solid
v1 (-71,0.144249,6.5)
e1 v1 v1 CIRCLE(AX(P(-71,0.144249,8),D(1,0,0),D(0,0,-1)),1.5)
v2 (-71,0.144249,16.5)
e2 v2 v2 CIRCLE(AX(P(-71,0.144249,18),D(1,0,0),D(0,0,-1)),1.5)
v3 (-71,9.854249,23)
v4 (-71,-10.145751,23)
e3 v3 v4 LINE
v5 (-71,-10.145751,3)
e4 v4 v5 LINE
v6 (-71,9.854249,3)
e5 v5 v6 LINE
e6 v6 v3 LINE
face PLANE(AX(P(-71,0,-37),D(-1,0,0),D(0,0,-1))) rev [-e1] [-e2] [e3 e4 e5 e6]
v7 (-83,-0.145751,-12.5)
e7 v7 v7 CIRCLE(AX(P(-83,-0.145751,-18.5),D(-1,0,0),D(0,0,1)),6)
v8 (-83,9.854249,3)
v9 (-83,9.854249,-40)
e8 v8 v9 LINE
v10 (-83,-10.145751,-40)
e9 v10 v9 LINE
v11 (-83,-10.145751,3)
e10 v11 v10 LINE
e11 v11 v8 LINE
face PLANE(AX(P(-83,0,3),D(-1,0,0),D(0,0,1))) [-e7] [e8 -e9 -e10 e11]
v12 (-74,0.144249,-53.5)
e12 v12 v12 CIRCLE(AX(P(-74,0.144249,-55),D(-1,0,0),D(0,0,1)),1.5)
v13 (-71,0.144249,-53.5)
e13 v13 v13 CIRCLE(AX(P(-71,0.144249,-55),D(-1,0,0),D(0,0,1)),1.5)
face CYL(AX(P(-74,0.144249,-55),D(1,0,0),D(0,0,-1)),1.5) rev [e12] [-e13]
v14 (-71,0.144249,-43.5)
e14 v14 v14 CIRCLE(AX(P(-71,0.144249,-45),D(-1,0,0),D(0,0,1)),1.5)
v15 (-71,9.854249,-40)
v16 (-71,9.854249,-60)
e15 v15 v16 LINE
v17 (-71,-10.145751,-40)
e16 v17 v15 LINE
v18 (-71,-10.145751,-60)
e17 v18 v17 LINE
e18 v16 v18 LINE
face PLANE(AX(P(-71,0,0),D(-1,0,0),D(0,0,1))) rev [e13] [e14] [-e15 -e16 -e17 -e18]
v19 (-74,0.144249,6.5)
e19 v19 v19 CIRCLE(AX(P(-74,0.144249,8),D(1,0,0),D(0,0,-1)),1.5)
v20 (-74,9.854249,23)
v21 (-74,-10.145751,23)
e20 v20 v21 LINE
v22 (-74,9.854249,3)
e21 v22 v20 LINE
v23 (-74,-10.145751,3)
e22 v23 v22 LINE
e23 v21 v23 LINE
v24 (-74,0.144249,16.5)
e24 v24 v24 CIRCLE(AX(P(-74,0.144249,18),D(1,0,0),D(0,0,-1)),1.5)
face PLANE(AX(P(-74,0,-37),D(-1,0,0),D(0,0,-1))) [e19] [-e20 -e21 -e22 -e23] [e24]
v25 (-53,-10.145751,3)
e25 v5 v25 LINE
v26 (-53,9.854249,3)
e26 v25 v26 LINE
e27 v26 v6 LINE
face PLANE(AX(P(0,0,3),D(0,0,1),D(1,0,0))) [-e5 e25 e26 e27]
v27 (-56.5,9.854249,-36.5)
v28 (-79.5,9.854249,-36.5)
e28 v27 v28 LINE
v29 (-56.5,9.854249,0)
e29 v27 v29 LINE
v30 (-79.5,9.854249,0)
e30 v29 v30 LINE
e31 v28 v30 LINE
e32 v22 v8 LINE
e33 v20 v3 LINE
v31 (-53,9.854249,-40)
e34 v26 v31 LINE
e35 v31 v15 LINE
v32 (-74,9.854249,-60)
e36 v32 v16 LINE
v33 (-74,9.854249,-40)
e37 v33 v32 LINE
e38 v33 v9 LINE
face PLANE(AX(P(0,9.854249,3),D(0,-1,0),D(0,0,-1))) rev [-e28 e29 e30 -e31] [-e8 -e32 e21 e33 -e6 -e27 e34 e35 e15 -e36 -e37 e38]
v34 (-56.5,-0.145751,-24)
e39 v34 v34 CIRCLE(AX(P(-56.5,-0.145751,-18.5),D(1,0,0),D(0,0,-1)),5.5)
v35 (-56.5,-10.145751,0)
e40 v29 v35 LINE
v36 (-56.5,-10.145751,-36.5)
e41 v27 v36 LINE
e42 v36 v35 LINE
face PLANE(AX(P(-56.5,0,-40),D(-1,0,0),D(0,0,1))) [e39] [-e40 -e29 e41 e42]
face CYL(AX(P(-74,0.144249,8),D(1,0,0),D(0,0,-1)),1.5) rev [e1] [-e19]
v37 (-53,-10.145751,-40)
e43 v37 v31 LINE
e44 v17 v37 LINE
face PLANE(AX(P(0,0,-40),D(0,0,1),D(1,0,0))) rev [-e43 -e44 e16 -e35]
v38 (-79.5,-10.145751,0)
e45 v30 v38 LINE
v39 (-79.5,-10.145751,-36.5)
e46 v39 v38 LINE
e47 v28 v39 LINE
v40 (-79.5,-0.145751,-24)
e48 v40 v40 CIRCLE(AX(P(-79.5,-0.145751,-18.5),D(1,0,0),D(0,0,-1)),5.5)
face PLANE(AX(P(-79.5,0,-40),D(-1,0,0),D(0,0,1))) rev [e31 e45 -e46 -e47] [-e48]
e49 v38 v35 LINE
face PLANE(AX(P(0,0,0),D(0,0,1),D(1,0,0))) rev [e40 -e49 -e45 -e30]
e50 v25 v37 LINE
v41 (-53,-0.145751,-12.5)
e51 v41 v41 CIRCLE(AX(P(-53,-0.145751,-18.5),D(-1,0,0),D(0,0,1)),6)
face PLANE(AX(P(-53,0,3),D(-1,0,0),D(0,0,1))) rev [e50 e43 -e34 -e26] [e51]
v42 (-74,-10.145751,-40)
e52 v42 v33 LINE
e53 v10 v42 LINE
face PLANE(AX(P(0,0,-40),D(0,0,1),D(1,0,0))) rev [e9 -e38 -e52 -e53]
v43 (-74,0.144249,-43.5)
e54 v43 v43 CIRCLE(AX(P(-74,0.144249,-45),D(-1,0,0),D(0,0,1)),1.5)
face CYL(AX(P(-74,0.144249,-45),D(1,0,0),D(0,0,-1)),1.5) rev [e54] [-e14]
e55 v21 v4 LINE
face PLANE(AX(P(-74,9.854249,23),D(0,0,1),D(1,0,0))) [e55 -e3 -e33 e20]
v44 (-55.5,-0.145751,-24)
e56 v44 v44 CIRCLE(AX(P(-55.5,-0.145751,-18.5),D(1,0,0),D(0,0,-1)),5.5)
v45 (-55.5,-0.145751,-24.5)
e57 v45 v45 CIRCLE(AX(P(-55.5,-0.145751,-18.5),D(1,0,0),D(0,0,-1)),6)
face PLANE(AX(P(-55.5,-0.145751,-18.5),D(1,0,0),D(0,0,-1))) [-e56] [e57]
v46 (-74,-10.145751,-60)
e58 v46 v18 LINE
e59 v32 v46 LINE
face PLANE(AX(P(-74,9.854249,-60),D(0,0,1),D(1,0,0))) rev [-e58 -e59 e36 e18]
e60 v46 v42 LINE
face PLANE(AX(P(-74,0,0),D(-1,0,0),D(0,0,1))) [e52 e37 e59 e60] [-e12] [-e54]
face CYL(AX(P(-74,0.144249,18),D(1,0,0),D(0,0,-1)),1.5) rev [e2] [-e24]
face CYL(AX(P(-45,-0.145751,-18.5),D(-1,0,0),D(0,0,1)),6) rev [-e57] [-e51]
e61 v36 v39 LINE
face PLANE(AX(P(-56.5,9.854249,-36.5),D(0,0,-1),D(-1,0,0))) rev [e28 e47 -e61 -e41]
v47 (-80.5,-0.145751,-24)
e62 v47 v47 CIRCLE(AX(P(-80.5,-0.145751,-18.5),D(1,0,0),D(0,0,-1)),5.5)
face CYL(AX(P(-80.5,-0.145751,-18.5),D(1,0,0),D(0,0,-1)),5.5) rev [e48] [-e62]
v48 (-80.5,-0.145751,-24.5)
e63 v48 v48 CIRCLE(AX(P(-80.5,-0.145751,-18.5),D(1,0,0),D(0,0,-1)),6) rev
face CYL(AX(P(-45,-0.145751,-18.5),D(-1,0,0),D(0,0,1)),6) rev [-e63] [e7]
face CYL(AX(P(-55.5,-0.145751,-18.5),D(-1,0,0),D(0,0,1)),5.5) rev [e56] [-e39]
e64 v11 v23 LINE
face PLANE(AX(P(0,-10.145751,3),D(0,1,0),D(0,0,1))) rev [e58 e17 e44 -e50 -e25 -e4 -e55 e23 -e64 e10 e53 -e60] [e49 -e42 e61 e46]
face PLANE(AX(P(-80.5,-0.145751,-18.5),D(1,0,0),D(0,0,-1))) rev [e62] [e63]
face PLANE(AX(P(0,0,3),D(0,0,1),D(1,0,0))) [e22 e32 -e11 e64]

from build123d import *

# Parameters (mm, degrees)
SKETCH_1_W          = 30
SKETCH_1_H          = 20
EXTRUDE_1_DEPTH     = 3
EXTRUDE_2_DEPTH     = 40
SKETCH_1_4_W        = 3.5
SKETCH_1_4_H        = 20
EXTRUDE_3_DEPTH     = 40
SKETCH_3_R          = 6
CUT_EXTRUDE_2_DEPTH = 38
SKETCH_4_R          = 6
SKETCH_4_R_2        = 5.5
EXTRUDE_4_DEPTH     = 1
SKETCH_5_R          = 6
SKETCH_5_R_2        = 5.5
EXTRUDE_5_DEPTH     = 1
SKETCH_7_W          = 3.5
SKETCH_7_H          = 20
EXTRUDE_6_DEPTH     = 23
SKETCH_9_W          = 20
SKETCH_9_H          = 20
SKETCH_9_R          = 1.5
EXTRUDE_7_DEPTH     = 3


with BuildPart() as part:
    # Sketch 1 → Extrude 1 (new body)
    with BuildSketch(Plane.XY):
        with Locations((-68, -0.145751311)):
            Rectangle(SKETCH_1_W, SKETCH_1_H)
    extrude(amount=EXTRUDE_1_DEPTH)

    # Sketch 1_3 → Extrude 2 (add)
    with BuildSketch(Plane.XY):
        Polygon((-56.5, 9.854248689), (-56.5, -10.145751311), (-53, -10.145751311), (-53, -0.145751311), (-53, 9.854248689), align=None)
    extrude(amount=-EXTRUDE_2_DEPTH)

    # Sketch 1_4 → Extrude 3 (add)
    with BuildSketch(Plane.XY):
        with Locations((-81.25, -0.145751311)):
            Rectangle(SKETCH_1_4_W, SKETCH_1_4_H)
    extrude(amount=-EXTRUDE_3_DEPTH)

    # Sketch 3 → Cut-Extrude 2 (cut)
    with BuildSketch(Plane.ZY.offset(83)):
        with Locations((-18.5, -0.145751311)):
            Circle(SKETCH_3_R)
    extrude(amount=-CUT_EXTRUDE_2_DEPTH, mode=Mode.SUBTRACT)

    # Sketch 4 → Extrude 4 (add)
    with BuildSketch(Plane(origin=(-56.5, 0, 0), x_dir=(0, 0, -1), z_dir=(1, 0, 0))):
        with Locations((18.5, -0.145751311)):
            Circle(SKETCH_4_R)
        with Locations((18.5, -0.145751311)):
            Circle(SKETCH_4_R_2, mode=Mode.SUBTRACT)
    extrude(amount=EXTRUDE_4_DEPTH)

    # Sketch 5 → Extrude 5 (add)
    with BuildSketch(Plane(origin=(-79.5, 0, 0), x_dir=(0, 0, -1), z_dir=(1, 0, 0))):
        with Locations((18.5, -0.145751311)):
            Circle(SKETCH_5_R)
        with Locations((18.5, -0.145751311)):
            Circle(SKETCH_5_R_2, mode=Mode.SUBTRACT)
    extrude(amount=-EXTRUDE_5_DEPTH)

    # Sketch 7 → Extrude 6 (add)
    with BuildSketch(Plane(origin=(-79.5, 0, 0), x_dir=(0, 0, -1), z_dir=(1, 0, 0))):
        with Locations((38.25, -0.145751311)):
            Rectangle(SKETCH_7_W, SKETCH_7_H)
    extrude(amount=EXTRUDE_6_DEPTH)

    # Sketch 9 → Extrude 7 (add)
    with BuildSketch(Plane.ZY.offset(71)):
        with Locations((-50, -0.145751311)):
            Rectangle(SKETCH_9_W, SKETCH_9_H)
        with Locations((-55, 0.144248689)):
            Circle(SKETCH_9_R, mode=Mode.SUBTRACT)
        with Locations((-45, 0.144248689)):
            Circle(SKETCH_9_R, mode=Mode.SUBTRACT)
    extrude_7 = extrude(amount=EXTRUDE_7_DEPTH)

    # Mirror 1: Extrude 7 across plane
    add(extrude_7.mirror(Plane.XY.offset(-18.5)))


solid = part.part
